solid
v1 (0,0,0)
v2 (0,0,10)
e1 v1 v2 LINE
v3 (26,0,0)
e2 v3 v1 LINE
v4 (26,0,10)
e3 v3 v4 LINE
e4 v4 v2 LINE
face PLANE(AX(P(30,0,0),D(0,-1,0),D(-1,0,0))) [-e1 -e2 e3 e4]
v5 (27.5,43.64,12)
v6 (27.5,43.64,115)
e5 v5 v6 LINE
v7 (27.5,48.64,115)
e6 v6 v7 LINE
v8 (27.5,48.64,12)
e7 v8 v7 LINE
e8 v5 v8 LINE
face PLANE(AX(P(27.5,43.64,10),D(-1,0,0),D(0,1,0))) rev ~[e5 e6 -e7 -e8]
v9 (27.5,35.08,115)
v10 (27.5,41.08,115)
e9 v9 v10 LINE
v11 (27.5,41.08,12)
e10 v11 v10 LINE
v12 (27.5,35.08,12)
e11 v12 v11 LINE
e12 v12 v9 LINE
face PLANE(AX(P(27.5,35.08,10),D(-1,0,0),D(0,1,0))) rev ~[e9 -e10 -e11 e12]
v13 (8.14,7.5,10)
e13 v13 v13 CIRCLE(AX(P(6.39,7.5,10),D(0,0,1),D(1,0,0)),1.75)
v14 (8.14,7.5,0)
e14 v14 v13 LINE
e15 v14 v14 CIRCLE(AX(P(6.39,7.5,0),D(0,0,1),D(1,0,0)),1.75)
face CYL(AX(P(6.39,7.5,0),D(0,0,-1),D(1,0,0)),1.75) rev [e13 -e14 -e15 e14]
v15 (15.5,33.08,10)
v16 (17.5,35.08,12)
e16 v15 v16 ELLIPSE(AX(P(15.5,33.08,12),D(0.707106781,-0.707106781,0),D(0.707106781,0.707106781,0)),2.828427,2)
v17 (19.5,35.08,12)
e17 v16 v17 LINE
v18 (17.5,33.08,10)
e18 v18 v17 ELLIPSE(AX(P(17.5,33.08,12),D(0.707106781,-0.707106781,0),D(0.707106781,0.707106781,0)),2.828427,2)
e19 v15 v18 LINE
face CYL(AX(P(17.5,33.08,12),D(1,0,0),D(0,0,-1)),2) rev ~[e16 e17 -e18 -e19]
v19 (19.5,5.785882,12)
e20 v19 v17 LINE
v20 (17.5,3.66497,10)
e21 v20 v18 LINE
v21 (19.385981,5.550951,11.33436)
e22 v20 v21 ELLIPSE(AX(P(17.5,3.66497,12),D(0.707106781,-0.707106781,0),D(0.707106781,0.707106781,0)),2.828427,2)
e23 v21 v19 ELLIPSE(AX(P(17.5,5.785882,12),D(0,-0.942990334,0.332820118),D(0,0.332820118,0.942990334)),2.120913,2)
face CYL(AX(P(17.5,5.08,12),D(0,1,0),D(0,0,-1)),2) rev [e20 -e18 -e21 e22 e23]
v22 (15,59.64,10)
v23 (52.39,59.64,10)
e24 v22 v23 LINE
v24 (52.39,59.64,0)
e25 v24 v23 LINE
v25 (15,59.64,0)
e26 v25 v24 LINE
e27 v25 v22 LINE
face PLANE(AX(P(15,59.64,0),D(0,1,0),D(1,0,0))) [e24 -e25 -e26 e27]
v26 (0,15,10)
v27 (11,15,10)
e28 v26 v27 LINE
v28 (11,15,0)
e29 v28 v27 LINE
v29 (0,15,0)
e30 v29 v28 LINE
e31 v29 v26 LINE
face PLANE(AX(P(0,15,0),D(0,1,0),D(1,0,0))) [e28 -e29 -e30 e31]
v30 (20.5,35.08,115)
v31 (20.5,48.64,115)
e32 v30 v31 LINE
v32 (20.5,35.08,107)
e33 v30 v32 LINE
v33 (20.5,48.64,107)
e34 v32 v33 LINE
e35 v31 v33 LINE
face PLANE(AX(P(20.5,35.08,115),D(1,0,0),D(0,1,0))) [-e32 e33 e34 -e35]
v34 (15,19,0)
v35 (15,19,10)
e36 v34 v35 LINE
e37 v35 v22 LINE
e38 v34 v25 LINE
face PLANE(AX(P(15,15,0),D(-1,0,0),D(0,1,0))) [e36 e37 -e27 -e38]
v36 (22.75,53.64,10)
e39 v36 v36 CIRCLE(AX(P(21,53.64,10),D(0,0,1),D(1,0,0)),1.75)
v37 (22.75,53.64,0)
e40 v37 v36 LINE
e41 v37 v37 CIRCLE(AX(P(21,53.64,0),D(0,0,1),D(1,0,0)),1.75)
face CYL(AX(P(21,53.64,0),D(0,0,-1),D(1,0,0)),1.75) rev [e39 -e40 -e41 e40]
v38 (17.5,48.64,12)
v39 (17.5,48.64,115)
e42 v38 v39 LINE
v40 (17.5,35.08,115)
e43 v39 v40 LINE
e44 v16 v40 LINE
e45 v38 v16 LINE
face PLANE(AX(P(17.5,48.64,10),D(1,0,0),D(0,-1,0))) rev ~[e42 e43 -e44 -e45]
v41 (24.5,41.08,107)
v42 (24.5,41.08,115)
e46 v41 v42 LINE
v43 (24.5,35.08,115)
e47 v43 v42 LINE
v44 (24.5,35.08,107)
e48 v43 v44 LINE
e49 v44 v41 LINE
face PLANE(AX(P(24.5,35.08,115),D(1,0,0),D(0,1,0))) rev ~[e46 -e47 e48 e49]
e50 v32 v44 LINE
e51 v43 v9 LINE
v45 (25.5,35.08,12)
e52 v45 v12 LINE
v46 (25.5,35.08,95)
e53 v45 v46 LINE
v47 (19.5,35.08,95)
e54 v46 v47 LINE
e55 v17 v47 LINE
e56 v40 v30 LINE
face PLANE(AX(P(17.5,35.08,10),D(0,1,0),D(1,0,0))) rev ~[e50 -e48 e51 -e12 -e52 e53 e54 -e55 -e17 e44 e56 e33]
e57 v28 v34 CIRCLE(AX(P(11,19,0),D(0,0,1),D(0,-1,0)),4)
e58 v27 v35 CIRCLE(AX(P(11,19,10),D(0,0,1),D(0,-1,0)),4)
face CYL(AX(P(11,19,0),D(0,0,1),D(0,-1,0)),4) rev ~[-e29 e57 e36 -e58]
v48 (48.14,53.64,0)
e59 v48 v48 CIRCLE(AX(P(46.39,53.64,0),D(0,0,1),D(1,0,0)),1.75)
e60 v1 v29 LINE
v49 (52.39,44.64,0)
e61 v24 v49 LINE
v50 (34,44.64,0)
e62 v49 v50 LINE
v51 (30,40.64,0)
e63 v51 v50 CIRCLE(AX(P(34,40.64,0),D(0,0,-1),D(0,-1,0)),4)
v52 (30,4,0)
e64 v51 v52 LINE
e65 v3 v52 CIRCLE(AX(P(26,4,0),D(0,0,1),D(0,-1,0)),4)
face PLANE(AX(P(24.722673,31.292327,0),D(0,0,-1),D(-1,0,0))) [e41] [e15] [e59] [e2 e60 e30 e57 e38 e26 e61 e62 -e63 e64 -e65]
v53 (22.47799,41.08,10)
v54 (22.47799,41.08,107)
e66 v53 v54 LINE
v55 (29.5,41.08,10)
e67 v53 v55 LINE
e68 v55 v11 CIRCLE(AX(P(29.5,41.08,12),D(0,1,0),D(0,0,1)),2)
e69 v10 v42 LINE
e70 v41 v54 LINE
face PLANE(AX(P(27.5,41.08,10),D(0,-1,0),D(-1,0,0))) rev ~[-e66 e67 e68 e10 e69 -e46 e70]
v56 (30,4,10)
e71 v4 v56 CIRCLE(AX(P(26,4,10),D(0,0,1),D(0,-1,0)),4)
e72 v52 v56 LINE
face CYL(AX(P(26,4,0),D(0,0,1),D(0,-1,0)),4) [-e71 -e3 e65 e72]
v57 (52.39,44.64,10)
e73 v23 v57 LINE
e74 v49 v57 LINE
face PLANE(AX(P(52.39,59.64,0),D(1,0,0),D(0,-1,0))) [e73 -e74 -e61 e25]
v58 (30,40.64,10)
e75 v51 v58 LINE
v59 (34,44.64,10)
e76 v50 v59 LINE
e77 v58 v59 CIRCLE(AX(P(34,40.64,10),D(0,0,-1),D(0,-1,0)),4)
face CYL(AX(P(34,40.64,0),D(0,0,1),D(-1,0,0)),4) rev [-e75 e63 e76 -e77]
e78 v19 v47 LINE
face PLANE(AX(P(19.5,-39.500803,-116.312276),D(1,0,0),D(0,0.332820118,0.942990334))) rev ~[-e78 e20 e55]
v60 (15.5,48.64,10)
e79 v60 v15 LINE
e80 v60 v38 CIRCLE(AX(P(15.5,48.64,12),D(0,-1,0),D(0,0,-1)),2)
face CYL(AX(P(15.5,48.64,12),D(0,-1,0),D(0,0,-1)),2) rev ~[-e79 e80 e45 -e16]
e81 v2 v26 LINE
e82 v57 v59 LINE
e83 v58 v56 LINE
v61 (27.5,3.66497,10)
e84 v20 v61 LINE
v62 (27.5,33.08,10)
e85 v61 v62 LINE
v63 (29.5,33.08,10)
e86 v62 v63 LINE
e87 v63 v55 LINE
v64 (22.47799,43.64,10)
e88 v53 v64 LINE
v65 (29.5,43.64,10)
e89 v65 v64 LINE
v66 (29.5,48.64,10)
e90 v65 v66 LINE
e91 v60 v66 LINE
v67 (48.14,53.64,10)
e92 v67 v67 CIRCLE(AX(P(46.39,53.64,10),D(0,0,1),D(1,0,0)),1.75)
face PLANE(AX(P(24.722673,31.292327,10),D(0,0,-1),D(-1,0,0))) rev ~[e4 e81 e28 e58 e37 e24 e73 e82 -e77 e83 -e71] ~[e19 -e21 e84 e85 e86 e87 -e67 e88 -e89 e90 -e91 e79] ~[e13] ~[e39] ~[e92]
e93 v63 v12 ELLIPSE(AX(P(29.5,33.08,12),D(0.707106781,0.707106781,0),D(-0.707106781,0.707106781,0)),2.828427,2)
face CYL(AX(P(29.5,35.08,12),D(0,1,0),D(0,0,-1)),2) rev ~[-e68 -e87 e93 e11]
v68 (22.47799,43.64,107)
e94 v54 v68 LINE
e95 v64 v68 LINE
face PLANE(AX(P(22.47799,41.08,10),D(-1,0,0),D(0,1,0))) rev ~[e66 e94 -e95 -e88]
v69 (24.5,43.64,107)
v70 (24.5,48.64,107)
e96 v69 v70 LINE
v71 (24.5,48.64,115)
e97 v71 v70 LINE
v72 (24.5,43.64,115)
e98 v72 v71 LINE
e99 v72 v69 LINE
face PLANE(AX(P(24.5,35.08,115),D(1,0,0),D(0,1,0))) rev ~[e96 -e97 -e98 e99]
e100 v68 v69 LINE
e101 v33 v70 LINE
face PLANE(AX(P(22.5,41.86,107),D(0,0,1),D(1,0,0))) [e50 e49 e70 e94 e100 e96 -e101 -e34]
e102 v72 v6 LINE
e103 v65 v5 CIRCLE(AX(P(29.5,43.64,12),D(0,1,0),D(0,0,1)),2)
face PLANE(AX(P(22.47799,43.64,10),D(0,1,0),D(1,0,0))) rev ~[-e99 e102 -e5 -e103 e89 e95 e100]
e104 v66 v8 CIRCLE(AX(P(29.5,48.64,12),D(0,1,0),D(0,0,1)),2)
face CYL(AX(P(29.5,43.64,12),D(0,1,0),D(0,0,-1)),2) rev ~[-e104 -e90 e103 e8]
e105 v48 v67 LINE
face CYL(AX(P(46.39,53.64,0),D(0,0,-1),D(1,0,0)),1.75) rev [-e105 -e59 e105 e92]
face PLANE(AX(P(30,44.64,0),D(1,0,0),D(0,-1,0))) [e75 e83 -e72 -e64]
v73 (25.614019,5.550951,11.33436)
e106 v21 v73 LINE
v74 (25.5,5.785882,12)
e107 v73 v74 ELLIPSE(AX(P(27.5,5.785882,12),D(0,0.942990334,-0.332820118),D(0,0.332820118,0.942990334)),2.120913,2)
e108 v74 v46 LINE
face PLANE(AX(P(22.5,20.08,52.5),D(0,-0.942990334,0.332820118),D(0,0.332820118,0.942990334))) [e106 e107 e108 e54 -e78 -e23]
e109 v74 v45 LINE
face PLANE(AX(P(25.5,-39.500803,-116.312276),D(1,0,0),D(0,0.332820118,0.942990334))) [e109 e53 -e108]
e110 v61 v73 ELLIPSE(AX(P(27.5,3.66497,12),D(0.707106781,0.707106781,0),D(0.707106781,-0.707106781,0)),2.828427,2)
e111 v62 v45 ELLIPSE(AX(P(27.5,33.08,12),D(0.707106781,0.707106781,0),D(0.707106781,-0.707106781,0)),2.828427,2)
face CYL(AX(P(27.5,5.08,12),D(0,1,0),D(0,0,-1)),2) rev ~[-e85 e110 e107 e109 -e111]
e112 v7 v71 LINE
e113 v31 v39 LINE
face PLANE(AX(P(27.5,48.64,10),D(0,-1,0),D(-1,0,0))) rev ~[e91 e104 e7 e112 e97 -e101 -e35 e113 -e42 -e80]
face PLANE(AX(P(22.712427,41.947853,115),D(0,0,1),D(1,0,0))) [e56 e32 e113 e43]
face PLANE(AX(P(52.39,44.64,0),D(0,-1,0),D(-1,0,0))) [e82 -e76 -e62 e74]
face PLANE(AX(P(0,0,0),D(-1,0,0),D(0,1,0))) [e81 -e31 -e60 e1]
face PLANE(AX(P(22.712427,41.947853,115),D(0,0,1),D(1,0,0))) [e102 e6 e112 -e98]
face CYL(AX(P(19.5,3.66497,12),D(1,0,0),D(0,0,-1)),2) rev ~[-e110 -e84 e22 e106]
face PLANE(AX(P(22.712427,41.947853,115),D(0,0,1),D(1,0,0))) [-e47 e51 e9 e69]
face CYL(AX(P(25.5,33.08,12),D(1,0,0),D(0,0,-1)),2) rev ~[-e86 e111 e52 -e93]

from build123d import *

# Parameters (mm, degrees)
SKETCH1_R           = 1.75
BOSS_EXTRUDE1_DEPTH = 10
BOSS_EXTRUDE2_DEPTH = 105
RIB1_REACH          = 134.949
SKETCH3_WALL_W      = 358.03606807
SKETCH3_WALL_H      = 6
FILLET1_R           = 4
FILLET2_R           = 2
SKETCH4_W           = 4
SKETCH4_H           = 13.56
CUT_EXTRUDE1_DEPTH  = 8


with BuildPart() as part:
    # Sketch1 → Boss-Extrude1 (new body)
    with BuildSketch(Plane.XY):
        Polygon((0, 0), (0, 15), (15, 15), (15, 59.64), (52.39, 59.64), (52.39, 44.64), (30, 44.64), (30, 0), align=None)
        with Locations((6.39, 7.5)):
            Circle(SKETCH1_R, mode=Mode.SUBTRACT)
        with Locations((21, 53.64)):
            Circle(SKETCH1_R, mode=Mode.SUBTRACT)
        with Locations((46.39, 53.64)):
            Circle(SKETCH1_R, mode=Mode.SUBTRACT)
    extrude(amount=BOSS_EXTRUDE1_DEPTH)

    # Sketch2 → Boss-Extrude2 (add)
    with BuildSketch(Plane.XY.offset(10)):
        Polygon((27.5, 48.64), (17.5, 48.64), (17.5, 35.08), (27.5, 35.08), (27.5, 41.08), (22.477989852, 41.08), (22.477989852, 43.64), (27.5, 43.64), align=None)
    extrude(amount=BOSS_EXTRUDE2_DEPTH)

    # Sketch3 wall → Rib1 (add, up to next)
    with BuildSketch(Plane(origin=(22.5, 20.08, 52.5), x_dir=(0, 0.332820117735, 0.942990333583), z_dir=(0, -0.942990333583, 0.332820117735)), mode=Mode.PRIVATE) as rib1_sk1:
        Rectangle(SKETCH3_WALL_W, SKETCH3_WALL_H)
    rib1_tool1 = extrude(rib1_sk1.sketch, amount=-RIB1_REACH, mode=Mode.PRIVATE) - part.part
    add(rib1_tool1.solids().sort_by_distance((22.5, 20.08, 52.5))[0])

    # Fillet1
    fillet1_edges = [part.edges().sort_by_distance(p)[0] for p in [
        (15, 15, 5),
        (30, 44.64, 5),
        (30, 0, 5),
    ]]
    fillet(fillet1_edges, radius=FILLET1_R)

    # Fillet2
    fillet2_edges = [part.edges().sort_by_distance(p)[0] for p in [
        (27.5, 46.14, 10),
        (27.5, 38.08, 10),
        (26.5, 35.08, 10),
        (25.5, 20.08, 10),
        (19.5, 20.08, 10),
        (18.5, 35.08, 10),
        (17.5, 41.86, 10),
        (22.5, 5.08, 10),
    ]]
    fillet(fillet2_edges, radius=FILLET2_R)

    # Sketch4 → Cut-Extrude1 (cut)
    with BuildSketch(Plane.XY.offset(115)):
        with Locations((22.5, 41.86)):
            Rectangle(SKETCH4_W, SKETCH4_H)
    extrude(amount=-CUT_EXTRUDE1_DEPTH, mode=Mode.SUBTRACT)


solid = part.part
